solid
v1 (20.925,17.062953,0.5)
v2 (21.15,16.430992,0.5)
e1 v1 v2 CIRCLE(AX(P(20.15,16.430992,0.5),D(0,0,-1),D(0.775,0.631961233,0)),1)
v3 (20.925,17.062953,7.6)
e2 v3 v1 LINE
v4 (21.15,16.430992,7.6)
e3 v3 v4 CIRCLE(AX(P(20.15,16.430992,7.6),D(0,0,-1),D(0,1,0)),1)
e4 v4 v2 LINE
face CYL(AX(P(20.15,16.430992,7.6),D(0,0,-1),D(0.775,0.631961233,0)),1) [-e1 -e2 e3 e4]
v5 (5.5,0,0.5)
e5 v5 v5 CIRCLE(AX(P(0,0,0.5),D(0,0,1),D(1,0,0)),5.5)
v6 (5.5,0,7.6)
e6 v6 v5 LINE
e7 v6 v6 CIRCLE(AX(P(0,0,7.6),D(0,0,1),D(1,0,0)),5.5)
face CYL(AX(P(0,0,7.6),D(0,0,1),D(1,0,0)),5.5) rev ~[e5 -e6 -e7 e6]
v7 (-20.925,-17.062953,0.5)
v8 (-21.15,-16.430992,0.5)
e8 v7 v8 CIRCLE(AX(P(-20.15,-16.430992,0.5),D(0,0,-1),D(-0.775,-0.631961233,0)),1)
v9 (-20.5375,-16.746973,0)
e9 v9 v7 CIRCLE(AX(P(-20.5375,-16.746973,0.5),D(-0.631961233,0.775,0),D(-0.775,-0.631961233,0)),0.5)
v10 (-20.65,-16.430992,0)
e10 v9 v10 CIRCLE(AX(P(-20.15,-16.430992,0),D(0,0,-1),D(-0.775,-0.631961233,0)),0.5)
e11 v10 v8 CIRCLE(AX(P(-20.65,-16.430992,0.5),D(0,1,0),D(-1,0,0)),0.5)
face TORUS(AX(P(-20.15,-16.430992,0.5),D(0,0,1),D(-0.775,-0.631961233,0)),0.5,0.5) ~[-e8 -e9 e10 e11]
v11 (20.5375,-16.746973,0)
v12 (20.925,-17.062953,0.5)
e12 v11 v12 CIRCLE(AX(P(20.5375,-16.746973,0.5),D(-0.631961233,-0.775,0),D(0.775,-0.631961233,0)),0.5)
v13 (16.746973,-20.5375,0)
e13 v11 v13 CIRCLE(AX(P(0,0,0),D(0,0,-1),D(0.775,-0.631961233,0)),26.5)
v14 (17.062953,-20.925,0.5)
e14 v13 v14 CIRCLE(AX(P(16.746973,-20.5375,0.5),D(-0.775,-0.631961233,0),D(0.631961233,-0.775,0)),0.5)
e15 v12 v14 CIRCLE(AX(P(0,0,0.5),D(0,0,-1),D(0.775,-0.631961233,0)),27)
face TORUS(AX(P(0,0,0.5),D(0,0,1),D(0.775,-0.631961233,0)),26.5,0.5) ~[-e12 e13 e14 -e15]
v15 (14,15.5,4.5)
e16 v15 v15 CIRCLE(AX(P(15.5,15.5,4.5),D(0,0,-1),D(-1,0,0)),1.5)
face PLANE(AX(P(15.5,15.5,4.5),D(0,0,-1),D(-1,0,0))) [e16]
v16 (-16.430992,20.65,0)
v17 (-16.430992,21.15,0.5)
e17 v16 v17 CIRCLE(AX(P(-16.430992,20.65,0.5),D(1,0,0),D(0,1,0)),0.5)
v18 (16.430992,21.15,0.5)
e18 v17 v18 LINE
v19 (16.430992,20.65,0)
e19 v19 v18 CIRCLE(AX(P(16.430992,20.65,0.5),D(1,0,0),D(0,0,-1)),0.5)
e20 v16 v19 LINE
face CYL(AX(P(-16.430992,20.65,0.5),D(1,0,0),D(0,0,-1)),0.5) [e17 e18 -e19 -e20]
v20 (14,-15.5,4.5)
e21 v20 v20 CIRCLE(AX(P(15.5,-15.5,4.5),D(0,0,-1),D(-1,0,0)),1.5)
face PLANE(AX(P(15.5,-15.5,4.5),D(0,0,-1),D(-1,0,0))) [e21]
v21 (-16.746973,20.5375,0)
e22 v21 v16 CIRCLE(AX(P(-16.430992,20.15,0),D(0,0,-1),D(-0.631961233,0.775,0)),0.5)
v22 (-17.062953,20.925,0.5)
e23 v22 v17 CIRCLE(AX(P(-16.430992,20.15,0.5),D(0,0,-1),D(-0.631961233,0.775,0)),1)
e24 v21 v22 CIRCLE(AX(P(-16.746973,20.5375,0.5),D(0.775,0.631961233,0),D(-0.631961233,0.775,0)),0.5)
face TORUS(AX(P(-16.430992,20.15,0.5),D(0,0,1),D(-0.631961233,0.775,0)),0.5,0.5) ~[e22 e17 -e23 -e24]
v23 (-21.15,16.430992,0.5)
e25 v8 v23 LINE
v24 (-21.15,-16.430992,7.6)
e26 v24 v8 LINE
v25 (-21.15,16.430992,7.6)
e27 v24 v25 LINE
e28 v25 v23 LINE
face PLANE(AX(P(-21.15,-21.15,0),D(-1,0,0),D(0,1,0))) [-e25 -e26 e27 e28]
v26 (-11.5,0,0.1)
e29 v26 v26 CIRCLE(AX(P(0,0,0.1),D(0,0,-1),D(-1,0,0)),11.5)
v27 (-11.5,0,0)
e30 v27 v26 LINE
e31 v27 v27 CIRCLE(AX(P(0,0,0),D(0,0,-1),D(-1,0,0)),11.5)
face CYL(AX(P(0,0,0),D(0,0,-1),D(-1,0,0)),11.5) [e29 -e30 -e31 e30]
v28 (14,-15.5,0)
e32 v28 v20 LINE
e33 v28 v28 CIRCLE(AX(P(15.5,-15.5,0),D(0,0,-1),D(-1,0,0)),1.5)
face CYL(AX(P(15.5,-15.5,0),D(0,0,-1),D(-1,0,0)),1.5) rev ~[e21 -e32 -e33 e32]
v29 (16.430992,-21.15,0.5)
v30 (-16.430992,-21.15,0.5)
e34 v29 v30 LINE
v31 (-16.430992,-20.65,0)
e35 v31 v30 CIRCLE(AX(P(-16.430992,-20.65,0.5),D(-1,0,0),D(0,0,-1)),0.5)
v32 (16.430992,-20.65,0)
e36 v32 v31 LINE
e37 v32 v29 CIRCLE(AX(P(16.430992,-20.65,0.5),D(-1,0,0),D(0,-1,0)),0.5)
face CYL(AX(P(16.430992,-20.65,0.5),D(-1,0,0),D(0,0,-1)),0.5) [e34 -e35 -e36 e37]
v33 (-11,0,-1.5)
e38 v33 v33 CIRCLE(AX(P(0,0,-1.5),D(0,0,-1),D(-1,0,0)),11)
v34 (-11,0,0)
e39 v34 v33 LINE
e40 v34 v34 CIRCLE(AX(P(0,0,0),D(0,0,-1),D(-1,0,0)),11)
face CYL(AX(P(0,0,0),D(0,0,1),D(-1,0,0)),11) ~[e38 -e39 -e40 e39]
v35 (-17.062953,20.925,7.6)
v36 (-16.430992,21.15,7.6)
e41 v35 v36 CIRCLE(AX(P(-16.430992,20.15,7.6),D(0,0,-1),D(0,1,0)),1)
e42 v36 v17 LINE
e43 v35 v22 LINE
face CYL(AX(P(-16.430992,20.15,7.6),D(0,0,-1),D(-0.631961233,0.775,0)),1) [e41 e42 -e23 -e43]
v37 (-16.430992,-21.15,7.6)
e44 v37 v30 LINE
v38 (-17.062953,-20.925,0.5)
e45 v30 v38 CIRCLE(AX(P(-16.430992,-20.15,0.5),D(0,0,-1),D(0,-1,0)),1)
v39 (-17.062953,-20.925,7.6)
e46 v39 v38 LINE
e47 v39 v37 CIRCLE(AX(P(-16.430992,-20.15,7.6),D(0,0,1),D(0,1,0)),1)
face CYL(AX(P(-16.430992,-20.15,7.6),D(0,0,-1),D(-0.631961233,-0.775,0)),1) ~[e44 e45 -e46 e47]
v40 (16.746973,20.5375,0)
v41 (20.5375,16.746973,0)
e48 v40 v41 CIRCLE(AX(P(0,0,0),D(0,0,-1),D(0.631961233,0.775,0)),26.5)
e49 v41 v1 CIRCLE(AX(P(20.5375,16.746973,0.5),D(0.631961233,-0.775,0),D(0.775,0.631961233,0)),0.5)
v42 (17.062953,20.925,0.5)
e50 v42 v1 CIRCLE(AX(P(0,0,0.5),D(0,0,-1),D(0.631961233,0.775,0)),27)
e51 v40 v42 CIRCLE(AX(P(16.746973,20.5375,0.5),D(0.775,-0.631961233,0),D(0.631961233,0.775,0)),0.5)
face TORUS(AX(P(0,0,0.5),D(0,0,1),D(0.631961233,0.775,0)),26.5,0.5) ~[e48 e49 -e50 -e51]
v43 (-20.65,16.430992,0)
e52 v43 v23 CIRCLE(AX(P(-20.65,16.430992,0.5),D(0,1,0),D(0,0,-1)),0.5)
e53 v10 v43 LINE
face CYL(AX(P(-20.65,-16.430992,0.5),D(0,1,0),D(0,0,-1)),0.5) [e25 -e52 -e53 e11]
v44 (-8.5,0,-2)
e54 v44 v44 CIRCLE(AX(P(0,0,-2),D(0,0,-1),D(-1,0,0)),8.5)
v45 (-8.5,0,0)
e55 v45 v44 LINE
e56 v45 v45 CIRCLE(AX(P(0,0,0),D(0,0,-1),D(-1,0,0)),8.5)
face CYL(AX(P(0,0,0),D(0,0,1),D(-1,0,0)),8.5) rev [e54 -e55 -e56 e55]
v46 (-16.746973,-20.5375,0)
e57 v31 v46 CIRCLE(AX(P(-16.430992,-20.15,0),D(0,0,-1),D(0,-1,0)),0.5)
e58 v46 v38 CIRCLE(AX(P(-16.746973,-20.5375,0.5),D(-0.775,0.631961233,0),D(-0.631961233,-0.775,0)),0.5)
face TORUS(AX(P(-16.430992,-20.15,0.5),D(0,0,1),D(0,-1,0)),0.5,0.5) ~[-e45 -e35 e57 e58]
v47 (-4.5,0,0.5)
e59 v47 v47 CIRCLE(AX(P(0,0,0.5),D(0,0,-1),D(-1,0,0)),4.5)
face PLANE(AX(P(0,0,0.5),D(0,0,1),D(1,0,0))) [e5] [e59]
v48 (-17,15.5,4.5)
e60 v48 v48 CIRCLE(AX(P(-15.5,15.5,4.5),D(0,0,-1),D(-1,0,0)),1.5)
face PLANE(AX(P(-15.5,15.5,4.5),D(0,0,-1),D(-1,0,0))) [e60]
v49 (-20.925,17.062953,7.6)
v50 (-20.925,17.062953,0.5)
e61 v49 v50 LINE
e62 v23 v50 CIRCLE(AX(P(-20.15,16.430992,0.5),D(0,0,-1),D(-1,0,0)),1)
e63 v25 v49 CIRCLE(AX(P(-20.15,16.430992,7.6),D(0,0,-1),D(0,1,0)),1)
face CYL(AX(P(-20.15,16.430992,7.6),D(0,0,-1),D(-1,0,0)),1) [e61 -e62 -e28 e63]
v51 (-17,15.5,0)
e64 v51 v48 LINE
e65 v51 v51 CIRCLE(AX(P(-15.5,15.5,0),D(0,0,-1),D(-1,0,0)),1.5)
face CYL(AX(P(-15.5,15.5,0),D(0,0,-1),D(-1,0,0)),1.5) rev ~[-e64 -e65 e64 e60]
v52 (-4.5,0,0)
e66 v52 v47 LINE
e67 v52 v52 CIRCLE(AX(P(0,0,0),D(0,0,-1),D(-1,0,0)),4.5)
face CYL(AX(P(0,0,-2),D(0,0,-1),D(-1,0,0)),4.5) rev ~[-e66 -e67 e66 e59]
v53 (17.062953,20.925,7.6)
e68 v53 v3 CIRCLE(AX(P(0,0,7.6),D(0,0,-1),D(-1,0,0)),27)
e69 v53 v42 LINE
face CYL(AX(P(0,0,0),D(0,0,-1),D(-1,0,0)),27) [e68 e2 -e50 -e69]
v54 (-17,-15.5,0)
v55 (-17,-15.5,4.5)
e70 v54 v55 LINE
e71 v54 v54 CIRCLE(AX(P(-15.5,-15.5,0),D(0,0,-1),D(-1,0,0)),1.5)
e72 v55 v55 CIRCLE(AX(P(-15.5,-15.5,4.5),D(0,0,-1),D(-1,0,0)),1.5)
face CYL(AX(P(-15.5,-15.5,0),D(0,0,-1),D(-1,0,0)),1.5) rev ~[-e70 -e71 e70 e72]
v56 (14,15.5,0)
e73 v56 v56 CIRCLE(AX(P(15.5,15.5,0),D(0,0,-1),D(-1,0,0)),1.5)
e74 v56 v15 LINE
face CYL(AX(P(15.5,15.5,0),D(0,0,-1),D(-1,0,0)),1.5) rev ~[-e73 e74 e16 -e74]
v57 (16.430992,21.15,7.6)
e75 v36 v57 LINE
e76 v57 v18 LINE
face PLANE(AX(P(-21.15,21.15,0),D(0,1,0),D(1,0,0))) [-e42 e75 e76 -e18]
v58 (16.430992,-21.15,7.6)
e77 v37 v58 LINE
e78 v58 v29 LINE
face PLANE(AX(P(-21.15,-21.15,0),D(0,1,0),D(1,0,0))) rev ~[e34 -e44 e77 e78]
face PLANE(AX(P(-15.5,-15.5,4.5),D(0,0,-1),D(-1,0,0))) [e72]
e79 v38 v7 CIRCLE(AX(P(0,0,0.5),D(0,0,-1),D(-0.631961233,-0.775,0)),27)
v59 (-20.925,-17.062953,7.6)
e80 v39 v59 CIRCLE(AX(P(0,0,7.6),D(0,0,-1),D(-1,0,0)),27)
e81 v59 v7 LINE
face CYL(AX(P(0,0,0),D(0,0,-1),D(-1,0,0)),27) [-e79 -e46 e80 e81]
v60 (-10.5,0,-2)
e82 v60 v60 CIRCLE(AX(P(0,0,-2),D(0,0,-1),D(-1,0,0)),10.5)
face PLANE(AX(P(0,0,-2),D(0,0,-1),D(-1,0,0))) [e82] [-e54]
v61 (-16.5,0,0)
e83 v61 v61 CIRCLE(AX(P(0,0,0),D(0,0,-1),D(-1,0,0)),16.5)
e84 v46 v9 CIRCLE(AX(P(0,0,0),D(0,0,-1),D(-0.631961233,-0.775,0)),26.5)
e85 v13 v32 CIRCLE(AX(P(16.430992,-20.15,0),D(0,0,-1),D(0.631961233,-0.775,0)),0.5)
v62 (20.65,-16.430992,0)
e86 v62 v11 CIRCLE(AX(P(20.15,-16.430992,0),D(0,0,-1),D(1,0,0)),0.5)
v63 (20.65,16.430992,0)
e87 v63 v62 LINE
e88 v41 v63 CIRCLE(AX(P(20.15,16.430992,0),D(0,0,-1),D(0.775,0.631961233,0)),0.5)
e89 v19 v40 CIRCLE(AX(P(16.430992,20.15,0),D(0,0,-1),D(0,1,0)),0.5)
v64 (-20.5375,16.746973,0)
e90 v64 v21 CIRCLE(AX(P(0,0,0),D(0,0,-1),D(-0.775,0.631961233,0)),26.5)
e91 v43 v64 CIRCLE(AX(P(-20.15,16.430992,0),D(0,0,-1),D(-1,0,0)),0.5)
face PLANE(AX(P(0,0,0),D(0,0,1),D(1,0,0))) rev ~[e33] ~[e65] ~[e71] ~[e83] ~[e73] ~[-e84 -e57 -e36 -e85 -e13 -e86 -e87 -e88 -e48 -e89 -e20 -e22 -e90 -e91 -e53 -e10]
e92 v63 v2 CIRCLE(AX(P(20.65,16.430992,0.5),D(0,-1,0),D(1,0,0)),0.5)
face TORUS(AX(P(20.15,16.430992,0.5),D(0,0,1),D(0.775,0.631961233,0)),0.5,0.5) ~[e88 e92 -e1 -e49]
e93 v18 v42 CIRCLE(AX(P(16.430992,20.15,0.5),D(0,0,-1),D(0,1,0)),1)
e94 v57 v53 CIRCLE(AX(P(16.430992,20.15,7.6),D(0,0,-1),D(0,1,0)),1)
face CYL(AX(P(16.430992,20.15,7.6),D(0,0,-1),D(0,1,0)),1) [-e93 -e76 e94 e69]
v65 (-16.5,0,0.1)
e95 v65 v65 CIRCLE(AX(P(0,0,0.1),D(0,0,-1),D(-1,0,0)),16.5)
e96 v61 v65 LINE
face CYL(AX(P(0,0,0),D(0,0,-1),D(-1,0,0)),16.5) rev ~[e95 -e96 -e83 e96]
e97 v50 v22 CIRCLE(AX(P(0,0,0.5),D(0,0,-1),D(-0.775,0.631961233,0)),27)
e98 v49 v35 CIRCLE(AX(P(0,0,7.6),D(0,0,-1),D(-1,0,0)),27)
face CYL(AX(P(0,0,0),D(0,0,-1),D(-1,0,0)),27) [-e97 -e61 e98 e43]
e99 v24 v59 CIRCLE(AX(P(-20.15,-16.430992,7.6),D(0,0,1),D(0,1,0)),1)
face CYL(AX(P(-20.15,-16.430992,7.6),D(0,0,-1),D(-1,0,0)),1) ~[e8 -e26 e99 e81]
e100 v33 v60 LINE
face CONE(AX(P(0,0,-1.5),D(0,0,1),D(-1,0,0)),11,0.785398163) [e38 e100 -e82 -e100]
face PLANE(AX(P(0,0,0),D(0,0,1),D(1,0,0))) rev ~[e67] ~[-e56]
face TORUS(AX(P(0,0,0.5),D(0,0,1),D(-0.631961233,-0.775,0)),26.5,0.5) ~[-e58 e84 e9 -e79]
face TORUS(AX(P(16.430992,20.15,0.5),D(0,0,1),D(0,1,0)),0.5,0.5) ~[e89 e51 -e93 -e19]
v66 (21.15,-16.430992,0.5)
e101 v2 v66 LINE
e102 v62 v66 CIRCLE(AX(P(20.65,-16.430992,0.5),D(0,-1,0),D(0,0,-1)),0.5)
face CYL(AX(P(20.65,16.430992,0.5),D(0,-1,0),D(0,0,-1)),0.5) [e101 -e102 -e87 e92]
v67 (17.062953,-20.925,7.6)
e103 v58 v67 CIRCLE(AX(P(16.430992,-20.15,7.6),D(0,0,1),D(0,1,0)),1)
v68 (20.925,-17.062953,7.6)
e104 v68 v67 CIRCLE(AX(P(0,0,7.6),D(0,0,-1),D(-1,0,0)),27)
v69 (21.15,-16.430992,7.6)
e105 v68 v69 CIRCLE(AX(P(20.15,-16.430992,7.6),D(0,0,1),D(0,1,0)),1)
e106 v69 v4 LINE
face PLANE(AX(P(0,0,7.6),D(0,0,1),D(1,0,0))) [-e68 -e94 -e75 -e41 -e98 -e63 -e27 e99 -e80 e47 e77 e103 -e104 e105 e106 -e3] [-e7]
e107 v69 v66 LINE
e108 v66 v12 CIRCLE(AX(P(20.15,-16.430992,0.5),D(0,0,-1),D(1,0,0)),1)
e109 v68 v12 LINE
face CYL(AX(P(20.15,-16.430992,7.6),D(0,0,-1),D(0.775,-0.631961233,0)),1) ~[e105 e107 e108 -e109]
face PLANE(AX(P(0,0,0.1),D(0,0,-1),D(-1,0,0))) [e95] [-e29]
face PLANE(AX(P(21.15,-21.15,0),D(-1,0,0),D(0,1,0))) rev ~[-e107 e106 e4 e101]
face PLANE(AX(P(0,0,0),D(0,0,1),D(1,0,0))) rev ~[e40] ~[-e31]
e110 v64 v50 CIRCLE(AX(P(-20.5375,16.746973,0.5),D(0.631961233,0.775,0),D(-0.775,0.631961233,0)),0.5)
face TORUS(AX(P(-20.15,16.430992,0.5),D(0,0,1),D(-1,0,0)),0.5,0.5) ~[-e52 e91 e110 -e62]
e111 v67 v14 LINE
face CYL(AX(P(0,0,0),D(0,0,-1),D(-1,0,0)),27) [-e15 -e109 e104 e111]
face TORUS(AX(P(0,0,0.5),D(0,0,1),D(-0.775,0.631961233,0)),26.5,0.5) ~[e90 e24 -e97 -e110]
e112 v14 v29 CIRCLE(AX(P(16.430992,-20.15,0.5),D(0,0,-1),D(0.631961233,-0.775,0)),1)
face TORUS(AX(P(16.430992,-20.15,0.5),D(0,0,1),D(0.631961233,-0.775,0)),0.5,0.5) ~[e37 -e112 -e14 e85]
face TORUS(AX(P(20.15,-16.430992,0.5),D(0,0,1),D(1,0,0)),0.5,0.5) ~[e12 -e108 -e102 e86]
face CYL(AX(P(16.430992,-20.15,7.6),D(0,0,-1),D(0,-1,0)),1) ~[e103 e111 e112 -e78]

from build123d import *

# Parameters (mm, degrees)
CROQUIS1_W              = 42.3
CROQUIS1_H              = 42.3
SALIENTE_EXTRUIR1_DEPTH = 7.6
SKETCH1_R               = 29.910616844
SKETCH1_R_2             = 27
CUT_EXTRUDE1_DEPTH      = 8.6
CROQUIS3_R              = 11
CROQUIS3_R_2            = 8.5
SALIENTE_EXTRUIR2_DEPTH = 2
CROQUIS4_R              = 4.5
CORTAR_EXTRUIR2_DEPTH   = 7
CROQUIS5_R              = 2.5
CORTAR_EXTRUIR3_DEPTH   = 7
CROQUIS6_R              = 1.5
CORTAR_EXTRUIR4_DEPTH   = 4.5
SKETCH2_R               = 5.5
CUT_EXTRUDE2_DEPTH      = 7.1
SKETCH3_R               = 16.5
SKETCH3_R_2             = 11.5
CUT_EXTRUDE3_DEPTH      = 0.1
FILLET1_R               = 1
FILLET2_R               = 0.5
CHAMFER1_SIZE           = 0.5


with BuildPart() as part:
    # Croquis1 → Saliente-Extruir1 (new body)
    with BuildSketch(Plane.XY):
        Rectangle(CROQUIS1_W, CROQUIS1_H)
    extrude(amount=SALIENTE_EXTRUIR1_DEPTH)

    # Sketch1 → Cut-Extrude1 (cut, through all)
    with BuildSketch(Plane(origin=(0, 0, 0), x_dir=(-1, 0, 0), z_dir=(0, 0, -1))):
        Circle(SKETCH1_R)
        Circle(SKETCH1_R_2, mode=Mode.SUBTRACT)
    extrude(amount=-CUT_EXTRUDE1_DEPTH, mode=Mode.SUBTRACT)

    # Croquis3 → Saliente-Extruir2 (add)
    with BuildSketch(Plane(origin=(0, 0, 0), x_dir=(-1, 0, 0), z_dir=(0, 0, -1))):
        Circle(CROQUIS3_R)
        Circle(CROQUIS3_R_2, mode=Mode.SUBTRACT)
    extrude(amount=SALIENTE_EXTRUIR2_DEPTH)

    # Croquis4 → Cortar-Extruir2 (cut)
    with BuildSketch(Plane(origin=(0, 0, -2), x_dir=(-1, 0, 0), z_dir=(0, 0, -1))):
        Circle(CROQUIS4_R)
    extrude(amount=-CORTAR_EXTRUIR2_DEPTH, mode=Mode.SUBTRACT)

    # Croquis5 → Cortar-Extruir3 (cut)
    with BuildSketch(Plane(origin=(0, 0, 5), x_dir=(-1, 0, 0), z_dir=(0, 0, -1))):
        Circle(CROQUIS5_R)
    extrude(amount=-CORTAR_EXTRUIR3_DEPTH, mode=Mode.SUBTRACT)

    # Croquis6 → Cortar-Extruir4 (cut)
    with BuildSketch(Plane(origin=(0, 0, 0), x_dir=(-1, 0, 0), z_dir=(0, 0, -1))):
        with Locations((-15.5, 15.5)):
            Circle(CROQUIS6_R)
        with Locations((15.5, 15.5)):
            Circle(CROQUIS6_R)
        with Locations((15.5, -15.5)):
            Circle(CROQUIS6_R)
        with Locations((-15.5, -15.5)):
            Circle(CROQUIS6_R)
    extrude(amount=-CORTAR_EXTRUIR4_DEPTH, mode=Mode.SUBTRACT)

    # Sketch2 → Cut-Extrude2 (cut)
    with BuildSketch(Plane.XY.offset(7.6)):
        Circle(SKETCH2_R)
    extrude(amount=-CUT_EXTRUDE2_DEPTH, mode=Mode.SUBTRACT)

    # Sketch3 → Cut-Extrude3 (cut)
    with BuildSketch(Plane(origin=(0, 0, 0), x_dir=(-1, 0, 0), z_dir=(0, 0, -1))):
        Circle(SKETCH3_R)
        Circle(SKETCH3_R_2, mode=Mode.SUBTRACT)
    extrude(amount=-CUT_EXTRUDE3_DEPTH, mode=Mode.SUBTRACT)

    # Fillet1
    fillet1_edges = [part.edges().sort_by_distance(p)[0] for p in [
        (21.15, 16.783250579, 3.8),
        (21.15, -16.783250579, 3.8),
        (-16.783250579, 21.15, 3.8),
        (16.783250579, 21.15, 3.8),
        (-21.15, -16.783250579, 3.8),
        (-21.15, 16.783250579, 3.8),
        (16.783250579, -21.15, 3.8),
        (-16.783250579, -21.15, 3.8),
    ]]
    fillet(fillet1_edges, radius=FILLET1_R)

    # Fillet2
    fillet2_edges = [part.edges().sort_by_distance(p)[0] for p in [
        (19.091883092, 19.091883092, 0),
        (0, 21.15, 0),
        (-21.15, 0, 0),
        (-19.091883092, 19.091883092, 0),
        (21.15, 0, 0),
        (19.091883092, -19.091883092, 0),
        (0, -21.15, 0),
        (-19.091883092, -19.091883092, 0),
        (-16.766402254, 21.092072184, 0),
        (-21.092072184, 16.766402254, 0),
        (-21.092072184, -16.766402254, 0),
        (-16.766402254, -21.092072184, 0),
        (16.766402254, -21.092072184, 0),
        (21.092072184, -16.766402254, 0),
        (21.092072184, 16.766402254, 0),
        (16.766402254, 21.092072184, 0),
    ]]
    fillet(fillet2_edges, radius=FILLET2_R)

    # Chamfer1
    chamfer1_edges = [part.edges().sort_by_distance(p)[0] for p in [
        (11, 0, -2),
    ]]
    chamfer(chamfer1_edges, length=CHAMFER1_SIZE)


solid = part.part
